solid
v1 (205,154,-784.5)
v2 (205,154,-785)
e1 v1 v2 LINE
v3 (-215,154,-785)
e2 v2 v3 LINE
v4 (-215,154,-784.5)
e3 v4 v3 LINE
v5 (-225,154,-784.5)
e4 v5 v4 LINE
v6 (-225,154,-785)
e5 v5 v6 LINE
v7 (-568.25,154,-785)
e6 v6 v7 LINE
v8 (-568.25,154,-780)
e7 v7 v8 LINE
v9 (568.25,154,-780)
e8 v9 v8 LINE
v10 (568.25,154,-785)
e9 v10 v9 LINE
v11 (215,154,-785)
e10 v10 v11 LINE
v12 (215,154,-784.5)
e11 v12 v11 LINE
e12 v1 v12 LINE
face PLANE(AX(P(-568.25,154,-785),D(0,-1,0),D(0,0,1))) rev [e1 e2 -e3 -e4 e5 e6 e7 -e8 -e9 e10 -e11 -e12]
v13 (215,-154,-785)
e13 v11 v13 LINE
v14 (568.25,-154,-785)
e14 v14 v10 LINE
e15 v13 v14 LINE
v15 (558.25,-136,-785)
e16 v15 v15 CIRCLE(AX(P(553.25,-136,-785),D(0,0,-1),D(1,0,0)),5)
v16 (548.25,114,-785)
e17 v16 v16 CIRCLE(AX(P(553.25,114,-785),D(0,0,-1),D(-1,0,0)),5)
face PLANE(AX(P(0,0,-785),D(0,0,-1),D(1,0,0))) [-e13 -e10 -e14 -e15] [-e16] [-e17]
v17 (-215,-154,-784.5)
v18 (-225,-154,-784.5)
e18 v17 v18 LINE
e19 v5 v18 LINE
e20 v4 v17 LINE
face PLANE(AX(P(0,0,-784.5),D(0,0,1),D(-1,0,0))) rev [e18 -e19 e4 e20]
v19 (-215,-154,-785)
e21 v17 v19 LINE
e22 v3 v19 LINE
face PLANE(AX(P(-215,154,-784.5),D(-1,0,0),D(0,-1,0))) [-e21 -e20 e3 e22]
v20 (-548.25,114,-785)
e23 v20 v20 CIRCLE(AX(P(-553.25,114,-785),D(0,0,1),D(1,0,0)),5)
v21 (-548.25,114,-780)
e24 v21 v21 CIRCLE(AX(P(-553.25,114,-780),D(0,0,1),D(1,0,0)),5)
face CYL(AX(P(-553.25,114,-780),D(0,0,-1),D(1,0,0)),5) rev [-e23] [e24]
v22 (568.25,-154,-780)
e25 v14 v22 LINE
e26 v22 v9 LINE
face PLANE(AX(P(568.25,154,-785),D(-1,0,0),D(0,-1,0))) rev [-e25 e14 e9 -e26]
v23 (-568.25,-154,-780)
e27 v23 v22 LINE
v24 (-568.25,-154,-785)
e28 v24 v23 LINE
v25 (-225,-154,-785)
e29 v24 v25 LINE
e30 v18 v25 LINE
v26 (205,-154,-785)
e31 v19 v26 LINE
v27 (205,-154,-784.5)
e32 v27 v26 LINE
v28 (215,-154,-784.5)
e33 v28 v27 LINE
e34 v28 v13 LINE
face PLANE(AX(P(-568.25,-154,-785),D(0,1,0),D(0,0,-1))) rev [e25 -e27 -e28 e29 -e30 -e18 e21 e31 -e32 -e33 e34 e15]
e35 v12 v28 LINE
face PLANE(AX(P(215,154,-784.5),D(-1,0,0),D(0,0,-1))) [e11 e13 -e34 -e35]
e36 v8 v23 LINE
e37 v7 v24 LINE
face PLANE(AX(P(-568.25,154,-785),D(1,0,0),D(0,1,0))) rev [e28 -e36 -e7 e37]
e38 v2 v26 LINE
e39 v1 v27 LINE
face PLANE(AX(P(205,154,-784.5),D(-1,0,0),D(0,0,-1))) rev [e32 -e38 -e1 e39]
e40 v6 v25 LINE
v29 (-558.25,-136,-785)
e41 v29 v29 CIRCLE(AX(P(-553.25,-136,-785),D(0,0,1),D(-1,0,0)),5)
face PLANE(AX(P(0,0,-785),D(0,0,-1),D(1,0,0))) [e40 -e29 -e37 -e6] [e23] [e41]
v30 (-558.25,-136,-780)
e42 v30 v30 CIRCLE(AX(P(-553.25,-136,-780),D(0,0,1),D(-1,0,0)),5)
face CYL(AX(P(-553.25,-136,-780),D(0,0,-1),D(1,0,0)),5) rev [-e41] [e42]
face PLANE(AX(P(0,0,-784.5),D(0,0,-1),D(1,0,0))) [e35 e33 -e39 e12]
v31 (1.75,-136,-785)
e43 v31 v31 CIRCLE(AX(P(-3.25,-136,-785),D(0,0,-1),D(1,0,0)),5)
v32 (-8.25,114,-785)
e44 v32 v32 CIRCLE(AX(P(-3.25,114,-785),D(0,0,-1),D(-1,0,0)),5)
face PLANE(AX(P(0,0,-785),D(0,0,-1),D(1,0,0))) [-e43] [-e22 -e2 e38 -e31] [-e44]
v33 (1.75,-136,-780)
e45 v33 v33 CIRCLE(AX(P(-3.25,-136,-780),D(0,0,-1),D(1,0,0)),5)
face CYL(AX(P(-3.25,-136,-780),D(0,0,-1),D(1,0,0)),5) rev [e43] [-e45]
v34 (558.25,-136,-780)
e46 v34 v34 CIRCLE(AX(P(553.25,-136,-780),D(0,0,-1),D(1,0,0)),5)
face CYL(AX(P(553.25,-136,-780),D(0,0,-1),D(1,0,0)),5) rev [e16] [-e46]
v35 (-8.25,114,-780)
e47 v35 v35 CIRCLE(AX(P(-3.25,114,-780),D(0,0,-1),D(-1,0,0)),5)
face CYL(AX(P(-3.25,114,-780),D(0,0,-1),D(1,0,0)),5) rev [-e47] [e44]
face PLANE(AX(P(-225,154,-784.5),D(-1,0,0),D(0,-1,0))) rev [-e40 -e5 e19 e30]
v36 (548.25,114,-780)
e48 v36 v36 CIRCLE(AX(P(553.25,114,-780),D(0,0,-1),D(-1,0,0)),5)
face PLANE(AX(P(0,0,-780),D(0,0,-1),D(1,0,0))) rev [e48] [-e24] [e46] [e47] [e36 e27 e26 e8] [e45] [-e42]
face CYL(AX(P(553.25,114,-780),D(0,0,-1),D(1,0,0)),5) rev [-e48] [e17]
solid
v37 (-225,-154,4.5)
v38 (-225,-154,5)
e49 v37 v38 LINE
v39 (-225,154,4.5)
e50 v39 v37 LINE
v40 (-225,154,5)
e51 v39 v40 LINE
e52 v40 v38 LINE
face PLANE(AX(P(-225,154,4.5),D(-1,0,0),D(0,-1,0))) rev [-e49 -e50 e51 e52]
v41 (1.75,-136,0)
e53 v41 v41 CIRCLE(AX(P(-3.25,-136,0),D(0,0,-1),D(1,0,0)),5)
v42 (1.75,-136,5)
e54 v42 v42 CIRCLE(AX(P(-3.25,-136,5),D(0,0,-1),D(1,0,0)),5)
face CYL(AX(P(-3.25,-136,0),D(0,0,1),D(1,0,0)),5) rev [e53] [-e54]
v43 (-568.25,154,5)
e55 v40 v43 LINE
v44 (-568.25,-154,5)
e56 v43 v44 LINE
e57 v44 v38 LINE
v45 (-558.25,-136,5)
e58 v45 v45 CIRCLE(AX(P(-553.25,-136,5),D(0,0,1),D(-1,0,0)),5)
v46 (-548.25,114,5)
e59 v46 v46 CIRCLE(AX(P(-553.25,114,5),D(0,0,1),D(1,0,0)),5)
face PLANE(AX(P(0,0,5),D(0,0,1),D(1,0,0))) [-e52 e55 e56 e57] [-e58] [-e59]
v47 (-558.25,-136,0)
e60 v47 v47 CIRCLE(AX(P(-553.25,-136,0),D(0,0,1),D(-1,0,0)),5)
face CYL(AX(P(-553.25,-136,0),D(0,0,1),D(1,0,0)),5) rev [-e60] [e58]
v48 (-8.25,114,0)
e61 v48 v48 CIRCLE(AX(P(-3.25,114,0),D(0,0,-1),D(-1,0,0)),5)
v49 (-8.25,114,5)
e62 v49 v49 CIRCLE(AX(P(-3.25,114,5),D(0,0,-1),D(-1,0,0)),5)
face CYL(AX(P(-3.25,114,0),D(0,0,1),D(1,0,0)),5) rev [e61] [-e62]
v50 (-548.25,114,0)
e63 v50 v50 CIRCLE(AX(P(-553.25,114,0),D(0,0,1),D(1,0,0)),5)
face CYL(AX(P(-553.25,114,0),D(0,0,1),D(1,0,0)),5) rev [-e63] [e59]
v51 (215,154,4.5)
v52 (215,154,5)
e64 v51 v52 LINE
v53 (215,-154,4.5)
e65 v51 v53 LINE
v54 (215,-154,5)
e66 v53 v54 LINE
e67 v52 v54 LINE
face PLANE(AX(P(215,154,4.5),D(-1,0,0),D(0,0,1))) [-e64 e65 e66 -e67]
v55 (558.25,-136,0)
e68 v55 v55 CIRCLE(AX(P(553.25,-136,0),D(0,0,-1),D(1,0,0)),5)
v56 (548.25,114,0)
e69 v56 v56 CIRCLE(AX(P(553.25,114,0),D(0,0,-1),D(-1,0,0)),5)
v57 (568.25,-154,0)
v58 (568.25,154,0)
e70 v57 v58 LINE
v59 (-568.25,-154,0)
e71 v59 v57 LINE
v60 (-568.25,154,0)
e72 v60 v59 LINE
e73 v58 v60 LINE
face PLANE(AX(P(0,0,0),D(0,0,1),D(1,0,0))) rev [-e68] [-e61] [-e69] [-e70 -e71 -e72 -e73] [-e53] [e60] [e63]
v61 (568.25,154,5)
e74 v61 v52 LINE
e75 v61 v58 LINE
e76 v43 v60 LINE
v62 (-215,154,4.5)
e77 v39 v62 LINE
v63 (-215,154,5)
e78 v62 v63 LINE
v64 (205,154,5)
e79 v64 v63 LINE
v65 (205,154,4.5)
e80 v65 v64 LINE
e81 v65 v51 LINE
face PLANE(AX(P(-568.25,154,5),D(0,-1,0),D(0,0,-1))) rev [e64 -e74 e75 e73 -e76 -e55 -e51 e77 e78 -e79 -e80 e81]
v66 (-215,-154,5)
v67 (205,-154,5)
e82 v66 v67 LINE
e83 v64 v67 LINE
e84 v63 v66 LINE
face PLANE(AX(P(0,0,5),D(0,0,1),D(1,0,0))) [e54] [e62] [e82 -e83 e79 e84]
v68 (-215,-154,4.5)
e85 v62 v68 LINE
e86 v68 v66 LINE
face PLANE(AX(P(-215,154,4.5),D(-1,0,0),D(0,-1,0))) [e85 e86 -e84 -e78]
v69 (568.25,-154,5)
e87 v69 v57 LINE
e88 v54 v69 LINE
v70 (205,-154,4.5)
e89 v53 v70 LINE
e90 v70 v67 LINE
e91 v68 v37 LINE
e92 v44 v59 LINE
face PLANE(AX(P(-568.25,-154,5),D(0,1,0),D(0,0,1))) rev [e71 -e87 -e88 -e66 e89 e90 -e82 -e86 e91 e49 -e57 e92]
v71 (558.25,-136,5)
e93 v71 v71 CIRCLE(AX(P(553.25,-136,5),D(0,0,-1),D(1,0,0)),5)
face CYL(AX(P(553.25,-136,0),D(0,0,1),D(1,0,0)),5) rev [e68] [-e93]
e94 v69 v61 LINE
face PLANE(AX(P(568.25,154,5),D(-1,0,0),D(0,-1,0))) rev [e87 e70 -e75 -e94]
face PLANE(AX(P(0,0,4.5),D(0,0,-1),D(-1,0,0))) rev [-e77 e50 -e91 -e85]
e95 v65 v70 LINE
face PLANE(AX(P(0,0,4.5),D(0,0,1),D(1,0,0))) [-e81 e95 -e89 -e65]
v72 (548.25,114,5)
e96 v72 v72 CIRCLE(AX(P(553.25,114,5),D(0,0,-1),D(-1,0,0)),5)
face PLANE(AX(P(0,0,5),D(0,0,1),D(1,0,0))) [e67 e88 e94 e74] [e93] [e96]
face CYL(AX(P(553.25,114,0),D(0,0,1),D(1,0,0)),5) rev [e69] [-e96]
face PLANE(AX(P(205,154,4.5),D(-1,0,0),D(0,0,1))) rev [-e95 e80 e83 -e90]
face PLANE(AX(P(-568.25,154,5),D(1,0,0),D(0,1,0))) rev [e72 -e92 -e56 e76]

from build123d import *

# Parameters (mm, degrees)
SKETCH1_W               = 1136.5
SKETCH1_H               = 308
BOSS_EXTRUDE1_DEPTH     = 5
SKETCH2_W               = 10
SKETCH2_H               = 308
CUT_EXTRUDE_THIN1_DEPTH = 0.5
SKETCH3_R               = 5
CUT_EXTRUDE1_DEPTH      = 589.76910797


with BuildPart() as part:
    # Sketch1 → Boss-Extrude1 (new body)
    with BuildSketch(Plane.XY):
        Rectangle(SKETCH1_W, SKETCH1_H)
    extrude(amount=BOSS_EXTRUDE1_DEPTH)

    # Sketch2 → Cut-Extrude-Thin1 (cut)
    with BuildSketch(Plane.XY.offset(5)):
        with Locations((-220, 0)):
            Rectangle(SKETCH2_W, SKETCH2_H)
        with Locations((210, 0)):
            Rectangle(SKETCH2_W, SKETCH2_H)
    extrude(amount=-CUT_EXTRUDE_THIN1_DEPTH, mode=Mode.SUBTRACT)

    # Sketch3 → Cut-Extrude1 (cut, through all)
    with BuildSketch(Plane.XY.offset(5)):
        with Locations((-553.25, 114)):
            Circle(SKETCH3_R)
        with Locations(Location((-553.25, -136, 0), (0, 0, 180))):
            Circle(SKETCH3_R)
    cut_extrude1 = extrude(amount=-CUT_EXTRUDE1_DEPTH, mode=Mode.SUBTRACT)

    # Mirror3: Cut-Extrude1 across plane
    add(cut_extrude1.mirror(Plane.ZY.offset(278.25)), mode=Mode.SUBTRACT)

    # Mirror4: Cut-Extrude1 across plane
    add(cut_extrude1.mirror(Plane.ZY), mode=Mode.SUBTRACT)


with BuildPart() as body_2:
    # Mirror6: mirrored copy
    add(part.part.mirror(Plane(origin=(0, 0, -390), x_dir=(1, 0, 0), z_dir=(0, 0, -1))))


solid = Compound([part.part, body_2.part])
